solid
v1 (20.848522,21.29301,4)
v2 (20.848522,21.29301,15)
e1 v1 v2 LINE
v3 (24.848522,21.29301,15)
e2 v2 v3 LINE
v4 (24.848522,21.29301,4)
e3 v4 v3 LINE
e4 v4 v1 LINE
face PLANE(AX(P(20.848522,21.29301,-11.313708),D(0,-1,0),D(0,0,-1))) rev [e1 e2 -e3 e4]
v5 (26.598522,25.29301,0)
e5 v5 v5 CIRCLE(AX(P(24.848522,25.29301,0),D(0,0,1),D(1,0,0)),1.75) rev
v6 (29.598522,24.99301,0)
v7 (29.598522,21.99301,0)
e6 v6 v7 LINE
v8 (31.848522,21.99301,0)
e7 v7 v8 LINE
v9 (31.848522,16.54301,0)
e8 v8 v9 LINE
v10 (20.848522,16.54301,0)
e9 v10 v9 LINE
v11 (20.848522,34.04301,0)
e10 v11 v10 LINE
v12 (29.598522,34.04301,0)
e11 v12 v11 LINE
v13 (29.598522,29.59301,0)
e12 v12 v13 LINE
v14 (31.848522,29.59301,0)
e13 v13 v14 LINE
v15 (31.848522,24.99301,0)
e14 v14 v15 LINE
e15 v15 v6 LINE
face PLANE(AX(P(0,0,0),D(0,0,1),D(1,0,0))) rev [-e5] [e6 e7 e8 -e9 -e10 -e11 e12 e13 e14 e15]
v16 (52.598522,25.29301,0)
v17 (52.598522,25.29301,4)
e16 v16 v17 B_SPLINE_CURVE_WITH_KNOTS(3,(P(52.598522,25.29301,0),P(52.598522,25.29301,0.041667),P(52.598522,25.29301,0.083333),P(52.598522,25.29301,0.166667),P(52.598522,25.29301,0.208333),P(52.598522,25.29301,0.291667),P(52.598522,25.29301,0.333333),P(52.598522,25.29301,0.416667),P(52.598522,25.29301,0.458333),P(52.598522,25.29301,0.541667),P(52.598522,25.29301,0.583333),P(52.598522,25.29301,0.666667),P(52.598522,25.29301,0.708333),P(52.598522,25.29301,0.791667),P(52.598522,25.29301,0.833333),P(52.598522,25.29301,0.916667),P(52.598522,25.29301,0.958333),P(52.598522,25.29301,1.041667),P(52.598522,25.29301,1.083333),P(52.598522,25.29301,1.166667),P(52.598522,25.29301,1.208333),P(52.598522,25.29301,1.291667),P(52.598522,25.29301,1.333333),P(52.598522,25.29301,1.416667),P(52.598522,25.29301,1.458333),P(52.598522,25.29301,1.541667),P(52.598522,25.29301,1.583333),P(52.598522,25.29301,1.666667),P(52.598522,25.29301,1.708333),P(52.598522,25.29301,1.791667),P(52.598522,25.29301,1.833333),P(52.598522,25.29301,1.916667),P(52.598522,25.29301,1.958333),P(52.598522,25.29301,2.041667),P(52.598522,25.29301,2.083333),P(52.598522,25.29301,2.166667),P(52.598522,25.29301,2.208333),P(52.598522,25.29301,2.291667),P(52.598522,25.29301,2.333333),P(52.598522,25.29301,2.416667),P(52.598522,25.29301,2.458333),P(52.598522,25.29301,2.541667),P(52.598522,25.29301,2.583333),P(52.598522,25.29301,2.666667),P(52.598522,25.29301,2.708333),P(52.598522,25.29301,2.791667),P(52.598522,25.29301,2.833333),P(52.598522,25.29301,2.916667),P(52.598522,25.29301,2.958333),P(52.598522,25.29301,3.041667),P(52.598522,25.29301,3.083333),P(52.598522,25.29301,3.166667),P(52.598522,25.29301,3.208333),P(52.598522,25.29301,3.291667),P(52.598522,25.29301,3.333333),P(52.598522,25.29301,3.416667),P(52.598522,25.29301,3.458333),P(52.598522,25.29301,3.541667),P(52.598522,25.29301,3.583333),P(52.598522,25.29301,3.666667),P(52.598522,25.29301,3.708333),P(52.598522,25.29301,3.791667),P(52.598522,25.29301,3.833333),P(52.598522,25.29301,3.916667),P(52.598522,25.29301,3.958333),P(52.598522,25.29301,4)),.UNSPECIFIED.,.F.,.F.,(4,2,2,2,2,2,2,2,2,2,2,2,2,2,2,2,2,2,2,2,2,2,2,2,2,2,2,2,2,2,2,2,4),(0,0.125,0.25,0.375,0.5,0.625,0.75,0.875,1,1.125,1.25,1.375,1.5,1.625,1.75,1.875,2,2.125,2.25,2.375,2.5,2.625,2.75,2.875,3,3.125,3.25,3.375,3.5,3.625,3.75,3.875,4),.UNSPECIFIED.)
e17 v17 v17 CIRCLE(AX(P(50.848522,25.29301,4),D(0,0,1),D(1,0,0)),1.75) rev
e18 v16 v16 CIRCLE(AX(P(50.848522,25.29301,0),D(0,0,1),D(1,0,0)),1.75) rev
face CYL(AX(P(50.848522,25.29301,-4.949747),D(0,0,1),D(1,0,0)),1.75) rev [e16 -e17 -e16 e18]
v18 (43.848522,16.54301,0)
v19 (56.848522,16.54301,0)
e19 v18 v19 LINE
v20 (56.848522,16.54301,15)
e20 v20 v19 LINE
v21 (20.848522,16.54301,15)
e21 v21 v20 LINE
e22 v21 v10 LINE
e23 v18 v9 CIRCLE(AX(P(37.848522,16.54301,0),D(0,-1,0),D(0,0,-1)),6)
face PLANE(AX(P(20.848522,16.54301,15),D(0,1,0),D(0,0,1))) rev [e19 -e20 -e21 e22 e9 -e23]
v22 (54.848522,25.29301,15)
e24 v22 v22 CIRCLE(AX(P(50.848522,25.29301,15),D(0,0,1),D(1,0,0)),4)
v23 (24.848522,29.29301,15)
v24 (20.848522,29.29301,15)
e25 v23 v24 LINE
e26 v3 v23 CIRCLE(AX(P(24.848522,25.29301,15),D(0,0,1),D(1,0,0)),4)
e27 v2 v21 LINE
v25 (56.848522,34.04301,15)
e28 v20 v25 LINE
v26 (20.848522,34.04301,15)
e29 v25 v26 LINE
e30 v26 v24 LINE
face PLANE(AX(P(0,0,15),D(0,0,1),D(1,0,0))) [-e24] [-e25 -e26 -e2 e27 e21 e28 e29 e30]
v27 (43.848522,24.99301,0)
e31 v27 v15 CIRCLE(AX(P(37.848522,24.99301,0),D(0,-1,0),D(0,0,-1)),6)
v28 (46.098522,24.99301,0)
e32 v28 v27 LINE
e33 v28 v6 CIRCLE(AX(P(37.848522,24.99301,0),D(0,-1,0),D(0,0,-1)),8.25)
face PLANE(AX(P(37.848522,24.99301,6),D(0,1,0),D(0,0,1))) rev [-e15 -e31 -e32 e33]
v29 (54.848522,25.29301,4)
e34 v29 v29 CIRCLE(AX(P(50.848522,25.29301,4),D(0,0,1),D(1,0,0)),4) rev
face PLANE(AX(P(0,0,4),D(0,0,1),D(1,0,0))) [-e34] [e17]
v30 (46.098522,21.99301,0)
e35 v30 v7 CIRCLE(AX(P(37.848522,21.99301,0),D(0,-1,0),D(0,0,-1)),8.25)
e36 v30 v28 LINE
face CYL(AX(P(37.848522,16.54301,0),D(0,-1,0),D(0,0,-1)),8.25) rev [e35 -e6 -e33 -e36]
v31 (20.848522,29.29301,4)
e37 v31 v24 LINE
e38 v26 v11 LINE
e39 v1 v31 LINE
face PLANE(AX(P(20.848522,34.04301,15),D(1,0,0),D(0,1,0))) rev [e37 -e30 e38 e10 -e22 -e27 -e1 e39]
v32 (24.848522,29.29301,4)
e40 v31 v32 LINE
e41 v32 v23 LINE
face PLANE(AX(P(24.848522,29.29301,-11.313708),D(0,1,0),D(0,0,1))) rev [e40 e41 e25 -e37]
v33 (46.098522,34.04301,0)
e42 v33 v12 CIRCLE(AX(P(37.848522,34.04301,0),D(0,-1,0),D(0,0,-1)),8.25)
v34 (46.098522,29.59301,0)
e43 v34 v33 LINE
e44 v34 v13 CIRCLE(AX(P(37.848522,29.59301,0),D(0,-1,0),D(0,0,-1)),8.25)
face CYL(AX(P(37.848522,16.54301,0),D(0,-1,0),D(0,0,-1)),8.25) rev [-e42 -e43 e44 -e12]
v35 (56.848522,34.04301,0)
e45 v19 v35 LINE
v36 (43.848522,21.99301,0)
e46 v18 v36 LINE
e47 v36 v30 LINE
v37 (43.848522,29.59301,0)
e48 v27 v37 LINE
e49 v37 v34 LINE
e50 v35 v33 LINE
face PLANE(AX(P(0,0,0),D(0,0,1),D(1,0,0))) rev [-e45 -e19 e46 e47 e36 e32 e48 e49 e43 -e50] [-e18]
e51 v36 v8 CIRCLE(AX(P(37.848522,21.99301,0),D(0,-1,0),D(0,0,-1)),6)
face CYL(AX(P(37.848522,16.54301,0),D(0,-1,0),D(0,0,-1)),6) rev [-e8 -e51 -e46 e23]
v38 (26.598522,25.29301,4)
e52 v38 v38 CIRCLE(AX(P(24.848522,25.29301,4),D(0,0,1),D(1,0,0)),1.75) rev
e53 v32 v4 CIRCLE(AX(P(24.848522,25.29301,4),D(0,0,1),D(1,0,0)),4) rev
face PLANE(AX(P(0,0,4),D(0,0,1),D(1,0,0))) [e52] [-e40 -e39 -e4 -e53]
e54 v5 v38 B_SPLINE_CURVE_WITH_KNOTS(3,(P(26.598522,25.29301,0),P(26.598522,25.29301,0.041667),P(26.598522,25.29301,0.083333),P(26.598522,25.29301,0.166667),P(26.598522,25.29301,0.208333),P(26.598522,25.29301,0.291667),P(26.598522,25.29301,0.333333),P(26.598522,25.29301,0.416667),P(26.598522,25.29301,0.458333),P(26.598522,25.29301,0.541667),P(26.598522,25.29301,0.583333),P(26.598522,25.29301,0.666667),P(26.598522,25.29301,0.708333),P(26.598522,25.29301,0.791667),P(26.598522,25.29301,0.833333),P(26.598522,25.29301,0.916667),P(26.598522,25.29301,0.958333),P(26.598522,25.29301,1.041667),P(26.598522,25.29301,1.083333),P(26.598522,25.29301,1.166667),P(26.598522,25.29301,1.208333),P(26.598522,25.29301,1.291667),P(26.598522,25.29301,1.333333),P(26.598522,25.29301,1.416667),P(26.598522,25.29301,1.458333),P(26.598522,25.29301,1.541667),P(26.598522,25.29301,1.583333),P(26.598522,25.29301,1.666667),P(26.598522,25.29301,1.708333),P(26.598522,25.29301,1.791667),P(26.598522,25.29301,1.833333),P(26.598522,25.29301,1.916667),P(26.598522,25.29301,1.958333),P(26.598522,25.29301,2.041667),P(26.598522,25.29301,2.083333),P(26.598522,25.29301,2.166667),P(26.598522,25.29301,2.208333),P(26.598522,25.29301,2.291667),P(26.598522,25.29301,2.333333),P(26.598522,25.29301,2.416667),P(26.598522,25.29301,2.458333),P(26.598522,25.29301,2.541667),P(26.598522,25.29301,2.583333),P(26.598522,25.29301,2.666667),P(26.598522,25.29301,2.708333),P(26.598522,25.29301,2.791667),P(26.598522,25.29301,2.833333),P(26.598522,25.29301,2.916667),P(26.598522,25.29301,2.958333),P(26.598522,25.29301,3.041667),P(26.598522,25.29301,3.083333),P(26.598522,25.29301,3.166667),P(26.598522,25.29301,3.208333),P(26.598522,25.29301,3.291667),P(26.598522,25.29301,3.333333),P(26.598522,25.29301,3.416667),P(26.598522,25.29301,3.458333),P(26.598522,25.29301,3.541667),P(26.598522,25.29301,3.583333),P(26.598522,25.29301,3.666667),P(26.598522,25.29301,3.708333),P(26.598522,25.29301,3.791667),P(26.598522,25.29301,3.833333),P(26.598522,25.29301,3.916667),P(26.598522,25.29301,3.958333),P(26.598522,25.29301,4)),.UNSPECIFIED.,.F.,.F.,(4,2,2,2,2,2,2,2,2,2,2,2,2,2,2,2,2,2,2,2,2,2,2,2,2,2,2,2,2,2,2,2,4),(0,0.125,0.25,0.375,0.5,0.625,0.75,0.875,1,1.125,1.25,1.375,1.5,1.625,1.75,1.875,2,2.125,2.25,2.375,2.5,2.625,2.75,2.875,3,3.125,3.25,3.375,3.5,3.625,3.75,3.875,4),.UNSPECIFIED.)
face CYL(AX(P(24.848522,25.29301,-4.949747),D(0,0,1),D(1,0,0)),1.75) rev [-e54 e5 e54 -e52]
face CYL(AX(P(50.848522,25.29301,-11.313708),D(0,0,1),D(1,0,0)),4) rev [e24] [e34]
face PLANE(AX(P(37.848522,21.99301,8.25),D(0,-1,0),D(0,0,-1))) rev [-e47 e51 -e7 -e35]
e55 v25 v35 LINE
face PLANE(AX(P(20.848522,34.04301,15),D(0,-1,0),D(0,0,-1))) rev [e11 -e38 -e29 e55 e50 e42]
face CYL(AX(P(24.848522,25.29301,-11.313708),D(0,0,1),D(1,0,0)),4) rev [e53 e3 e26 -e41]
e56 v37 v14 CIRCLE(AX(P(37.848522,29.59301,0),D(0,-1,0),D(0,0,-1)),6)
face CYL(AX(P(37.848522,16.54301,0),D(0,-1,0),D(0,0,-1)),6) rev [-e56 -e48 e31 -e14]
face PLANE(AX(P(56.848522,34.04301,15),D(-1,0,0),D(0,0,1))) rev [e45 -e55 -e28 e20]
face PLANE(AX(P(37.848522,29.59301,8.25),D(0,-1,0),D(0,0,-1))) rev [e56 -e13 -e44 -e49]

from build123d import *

# Parameters (mm, degrees)
SKETCH1_W           = 36
SKETCH1_H           = 17.5
BOSS_EXTRUDE1_DEPTH = 15
SKETCH2_R           = 1.75
CUT_EXTRUDE1_DEPTH  = 15
SKETCH3_R           = 4
CUT_EXTRUDE2_DEPTH  = 11


with BuildPart() as part:
    # Sketch1 → Boss-Extrude1 (new body)
    with BuildSketch(Plane.XY):
        with Locations((38.848522366, 25.293010486)):
            Rectangle(SKETCH1_W, SKETCH1_H)
    extrude(amount=BOSS_EXTRUDE1_DEPTH)

    # Sketch2 → Cut-Extrude1 (cut)
    with BuildSketch(Plane.XY.offset(15)):
        with Locations((50.848522366, 25.293010486)):
            Circle(SKETCH2_R)
        with Locations((24.848522366, 25.293010486)):
            Circle(SKETCH2_R)
    extrude(amount=-CUT_EXTRUDE1_DEPTH, mode=Mode.SUBTRACT)

    # Sketch3 → Cut-Extrude2 (cut)
    with BuildSketch(Plane.XY.offset(15)):
        with Locations((50.848522366, 25.293010486)):
            Circle(SKETCH3_R)
        with BuildLine():
            Line((24.848522366, 29.293010486), (20.848522366, 29.293010486))
            Line((20.848522366, 29.293010486), (20.848522366, 21.293010486))
            Line((20.848522366, 21.293010486), (24.848522366, 21.293010486))
            ThreePointArc((24.848522366, 21.293010486), (28.848522366, 25.293010486), (24.848522366, 29.293010486))
        make_face()
    extrude(amount=-CUT_EXTRUDE2_DEPTH, mode=Mode.SUBTRACT)

    # Sketch4 → Cut-Revolve1 (revolve, cut)
    with BuildSketch(Plane.ZY.offset(-37.848522366)):
        Polygon((0, 16.543010486), (0, 34.293010486), (8.25, 34.293010486), (8.25, 29.593010486), (6, 29.593010486), (6, 24.993010486), (8.25, 24.993010486), (8.25, 21.993010486), (6, 21.993010486), (6, 16.543010486), align=None)
    revolve(axis=Axis((37.848522366, 16.543010486, 0), (0, 1, 0)), mode=Mode.SUBTRACT)


solid = part.part
